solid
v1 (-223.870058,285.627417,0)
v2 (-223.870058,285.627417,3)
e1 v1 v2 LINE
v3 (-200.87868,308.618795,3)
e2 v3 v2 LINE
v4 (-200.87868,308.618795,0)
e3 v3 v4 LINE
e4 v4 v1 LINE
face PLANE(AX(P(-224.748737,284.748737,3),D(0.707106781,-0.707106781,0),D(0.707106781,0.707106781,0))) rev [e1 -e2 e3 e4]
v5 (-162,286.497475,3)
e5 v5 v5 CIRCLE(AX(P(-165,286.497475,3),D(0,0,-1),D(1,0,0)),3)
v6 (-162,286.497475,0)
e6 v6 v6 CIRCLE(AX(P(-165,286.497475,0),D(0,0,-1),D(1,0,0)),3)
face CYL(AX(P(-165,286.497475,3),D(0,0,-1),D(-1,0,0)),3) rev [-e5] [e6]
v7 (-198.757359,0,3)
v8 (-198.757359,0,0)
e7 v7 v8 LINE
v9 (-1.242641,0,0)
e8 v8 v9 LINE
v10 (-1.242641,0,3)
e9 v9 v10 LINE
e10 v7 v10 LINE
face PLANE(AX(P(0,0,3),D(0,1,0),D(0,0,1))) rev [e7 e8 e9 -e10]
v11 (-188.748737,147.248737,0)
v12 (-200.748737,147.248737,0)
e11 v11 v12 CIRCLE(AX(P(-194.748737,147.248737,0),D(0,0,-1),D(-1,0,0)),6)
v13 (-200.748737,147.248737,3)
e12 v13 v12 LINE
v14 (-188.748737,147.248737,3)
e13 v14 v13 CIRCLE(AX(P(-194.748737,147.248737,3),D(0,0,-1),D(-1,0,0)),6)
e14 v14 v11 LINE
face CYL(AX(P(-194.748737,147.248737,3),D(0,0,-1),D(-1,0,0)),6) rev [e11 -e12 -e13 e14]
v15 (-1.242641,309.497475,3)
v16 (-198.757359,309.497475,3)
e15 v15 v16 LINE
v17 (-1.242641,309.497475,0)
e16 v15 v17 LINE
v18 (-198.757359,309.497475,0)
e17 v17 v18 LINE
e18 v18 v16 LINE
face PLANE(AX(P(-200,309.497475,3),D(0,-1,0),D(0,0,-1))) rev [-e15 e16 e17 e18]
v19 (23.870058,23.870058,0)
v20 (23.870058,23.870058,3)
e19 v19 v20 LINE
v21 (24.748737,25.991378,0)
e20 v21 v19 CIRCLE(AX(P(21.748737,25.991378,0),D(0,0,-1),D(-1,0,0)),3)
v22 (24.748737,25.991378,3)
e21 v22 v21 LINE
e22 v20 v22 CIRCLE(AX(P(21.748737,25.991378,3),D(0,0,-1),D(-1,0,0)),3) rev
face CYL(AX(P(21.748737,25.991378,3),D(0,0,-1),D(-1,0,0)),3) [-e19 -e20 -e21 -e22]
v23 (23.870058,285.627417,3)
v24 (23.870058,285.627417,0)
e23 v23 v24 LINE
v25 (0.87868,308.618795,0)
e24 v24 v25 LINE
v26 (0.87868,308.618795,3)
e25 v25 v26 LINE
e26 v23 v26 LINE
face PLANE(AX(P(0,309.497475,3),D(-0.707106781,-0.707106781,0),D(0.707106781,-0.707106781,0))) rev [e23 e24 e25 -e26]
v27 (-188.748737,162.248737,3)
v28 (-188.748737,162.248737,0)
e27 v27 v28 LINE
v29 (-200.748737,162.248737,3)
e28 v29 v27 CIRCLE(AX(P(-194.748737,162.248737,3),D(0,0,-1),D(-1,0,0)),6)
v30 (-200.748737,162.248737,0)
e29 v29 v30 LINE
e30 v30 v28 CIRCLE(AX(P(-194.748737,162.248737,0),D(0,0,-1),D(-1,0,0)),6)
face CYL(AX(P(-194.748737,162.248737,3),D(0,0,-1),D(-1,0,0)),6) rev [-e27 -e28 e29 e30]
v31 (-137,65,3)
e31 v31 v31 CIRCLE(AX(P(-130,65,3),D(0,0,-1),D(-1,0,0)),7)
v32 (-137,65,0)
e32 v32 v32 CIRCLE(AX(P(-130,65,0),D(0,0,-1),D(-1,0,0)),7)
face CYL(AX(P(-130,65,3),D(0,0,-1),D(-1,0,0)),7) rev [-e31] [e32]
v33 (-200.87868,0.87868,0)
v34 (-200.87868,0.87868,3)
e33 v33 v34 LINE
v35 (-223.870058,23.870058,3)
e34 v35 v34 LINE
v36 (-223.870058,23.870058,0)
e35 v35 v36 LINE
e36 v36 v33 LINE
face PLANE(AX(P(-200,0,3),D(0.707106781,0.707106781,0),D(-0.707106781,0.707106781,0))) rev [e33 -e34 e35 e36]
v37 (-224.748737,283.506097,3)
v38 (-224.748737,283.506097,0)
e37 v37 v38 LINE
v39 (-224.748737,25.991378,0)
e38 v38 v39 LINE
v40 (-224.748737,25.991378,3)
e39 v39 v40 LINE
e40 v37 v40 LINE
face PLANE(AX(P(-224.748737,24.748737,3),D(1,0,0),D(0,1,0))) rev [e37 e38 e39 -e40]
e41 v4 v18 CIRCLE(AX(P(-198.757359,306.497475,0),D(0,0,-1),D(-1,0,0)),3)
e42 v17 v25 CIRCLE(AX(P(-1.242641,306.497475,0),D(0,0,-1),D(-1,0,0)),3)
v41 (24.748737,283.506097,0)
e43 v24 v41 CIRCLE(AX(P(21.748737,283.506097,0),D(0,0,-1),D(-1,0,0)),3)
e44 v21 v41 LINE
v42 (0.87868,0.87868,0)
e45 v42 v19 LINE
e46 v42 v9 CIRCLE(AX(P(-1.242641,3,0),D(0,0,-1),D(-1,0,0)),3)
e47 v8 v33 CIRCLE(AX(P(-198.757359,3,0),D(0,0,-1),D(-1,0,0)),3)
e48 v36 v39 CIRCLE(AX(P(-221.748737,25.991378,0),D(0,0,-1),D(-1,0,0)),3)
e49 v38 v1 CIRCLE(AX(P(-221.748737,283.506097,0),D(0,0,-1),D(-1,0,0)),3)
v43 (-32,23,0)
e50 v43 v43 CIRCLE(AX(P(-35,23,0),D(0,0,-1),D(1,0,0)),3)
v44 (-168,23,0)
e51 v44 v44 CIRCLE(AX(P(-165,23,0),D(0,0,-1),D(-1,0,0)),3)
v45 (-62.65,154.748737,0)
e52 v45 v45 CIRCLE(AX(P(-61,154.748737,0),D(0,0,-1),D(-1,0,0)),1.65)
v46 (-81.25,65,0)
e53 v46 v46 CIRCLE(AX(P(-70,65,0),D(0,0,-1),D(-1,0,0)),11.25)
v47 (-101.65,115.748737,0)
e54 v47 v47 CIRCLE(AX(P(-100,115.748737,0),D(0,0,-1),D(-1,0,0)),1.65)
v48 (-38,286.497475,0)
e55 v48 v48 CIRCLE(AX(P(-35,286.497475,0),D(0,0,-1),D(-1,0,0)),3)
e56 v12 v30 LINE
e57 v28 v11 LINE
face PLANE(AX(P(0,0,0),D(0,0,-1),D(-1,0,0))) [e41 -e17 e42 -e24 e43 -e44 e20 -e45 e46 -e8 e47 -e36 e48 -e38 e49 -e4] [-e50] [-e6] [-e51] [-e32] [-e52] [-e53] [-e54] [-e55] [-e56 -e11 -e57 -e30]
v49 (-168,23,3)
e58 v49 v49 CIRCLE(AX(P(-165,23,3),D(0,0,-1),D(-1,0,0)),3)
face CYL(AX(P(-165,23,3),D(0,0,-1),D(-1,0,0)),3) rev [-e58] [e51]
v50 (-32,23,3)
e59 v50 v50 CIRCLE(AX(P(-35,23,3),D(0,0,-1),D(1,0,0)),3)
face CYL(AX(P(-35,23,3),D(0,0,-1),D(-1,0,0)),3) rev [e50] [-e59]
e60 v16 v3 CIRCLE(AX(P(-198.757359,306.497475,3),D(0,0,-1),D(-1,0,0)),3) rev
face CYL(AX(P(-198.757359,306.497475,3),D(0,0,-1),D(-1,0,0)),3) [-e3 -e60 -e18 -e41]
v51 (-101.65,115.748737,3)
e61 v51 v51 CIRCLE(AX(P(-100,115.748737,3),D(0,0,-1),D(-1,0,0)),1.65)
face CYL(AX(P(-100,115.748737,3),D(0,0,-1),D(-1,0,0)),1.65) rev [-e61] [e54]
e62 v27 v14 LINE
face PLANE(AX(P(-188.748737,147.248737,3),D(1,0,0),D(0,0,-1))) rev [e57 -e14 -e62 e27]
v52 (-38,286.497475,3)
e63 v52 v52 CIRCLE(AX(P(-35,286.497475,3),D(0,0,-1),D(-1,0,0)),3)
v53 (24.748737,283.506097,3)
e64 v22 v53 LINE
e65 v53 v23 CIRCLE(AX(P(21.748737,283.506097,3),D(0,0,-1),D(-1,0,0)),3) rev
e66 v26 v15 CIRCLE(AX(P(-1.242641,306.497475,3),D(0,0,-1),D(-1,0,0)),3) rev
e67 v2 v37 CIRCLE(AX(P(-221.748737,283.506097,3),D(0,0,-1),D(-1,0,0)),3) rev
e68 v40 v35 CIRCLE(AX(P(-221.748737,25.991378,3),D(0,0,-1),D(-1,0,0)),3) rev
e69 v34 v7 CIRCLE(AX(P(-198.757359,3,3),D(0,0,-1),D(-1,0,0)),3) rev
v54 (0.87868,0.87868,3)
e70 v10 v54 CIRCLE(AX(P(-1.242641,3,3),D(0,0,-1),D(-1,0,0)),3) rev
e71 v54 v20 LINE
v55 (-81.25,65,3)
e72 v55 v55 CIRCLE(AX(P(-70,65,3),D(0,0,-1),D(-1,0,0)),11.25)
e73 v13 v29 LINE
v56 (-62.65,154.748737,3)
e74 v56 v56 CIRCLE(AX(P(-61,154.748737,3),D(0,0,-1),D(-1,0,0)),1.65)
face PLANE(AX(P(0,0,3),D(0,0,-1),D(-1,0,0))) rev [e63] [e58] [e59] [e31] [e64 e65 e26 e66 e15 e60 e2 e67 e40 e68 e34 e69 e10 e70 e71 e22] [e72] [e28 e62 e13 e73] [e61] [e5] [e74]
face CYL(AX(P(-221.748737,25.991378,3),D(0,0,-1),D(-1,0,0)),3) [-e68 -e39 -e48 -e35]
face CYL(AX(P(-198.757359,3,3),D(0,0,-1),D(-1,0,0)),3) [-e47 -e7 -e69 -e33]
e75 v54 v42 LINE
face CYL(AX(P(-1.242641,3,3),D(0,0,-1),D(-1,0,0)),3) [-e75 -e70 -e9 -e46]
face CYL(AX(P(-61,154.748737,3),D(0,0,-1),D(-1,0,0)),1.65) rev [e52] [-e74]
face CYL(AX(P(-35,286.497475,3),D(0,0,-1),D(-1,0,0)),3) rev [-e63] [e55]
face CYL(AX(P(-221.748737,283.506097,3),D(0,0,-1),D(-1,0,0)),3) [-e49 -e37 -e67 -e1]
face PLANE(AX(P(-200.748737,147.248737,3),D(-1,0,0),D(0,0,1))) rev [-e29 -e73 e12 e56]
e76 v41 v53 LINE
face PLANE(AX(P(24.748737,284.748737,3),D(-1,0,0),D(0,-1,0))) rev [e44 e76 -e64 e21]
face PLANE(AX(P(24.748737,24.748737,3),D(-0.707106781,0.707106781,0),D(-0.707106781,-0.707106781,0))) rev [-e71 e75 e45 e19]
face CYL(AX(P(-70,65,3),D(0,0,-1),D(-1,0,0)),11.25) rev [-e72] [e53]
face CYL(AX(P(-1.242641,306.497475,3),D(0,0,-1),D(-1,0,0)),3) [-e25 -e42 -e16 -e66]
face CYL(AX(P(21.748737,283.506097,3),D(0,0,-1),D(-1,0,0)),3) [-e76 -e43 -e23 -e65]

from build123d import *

# Parameters (mm, degrees)
BASE_DEPTH                     = 3
CONG_1_R                       = 3
ESQUISSE20_R                   = 3
PER_AGE_PROFIL_S_DEPTH         = 4
ESQUISSE21_R                   = 1.65
PER_AGE_LIDAR_DEPTH            = 4
ESQUISSE22_R                   = 11.25
PER_AGE_ARRET_D_URGENCE_DEPTH  = 4
ESQUISSE23_R                   = 7
PER_AGE_TIRETTE_DEPTH          = 4
PER_AGE_CABLE_MANAGEMENT_DEPTH = 4


with BuildPart() as part:
    # Esquisse1 → Base (new body)
    with BuildSketch(Plane.XY):
        Polygon((0, 0), (-200, 0), (-224.748737342, 24.748737342), (-224.748737342, 284.748737342), (-200, 309.497474683), (0, 309.497474683), (24.748737342, 284.748737342), (24.748737342, 24.748737342), align=None)
    extrude(amount=BASE_DEPTH)

    # Congé1
    cong_1_edges = [part.edges().sort_by_distance(p)[0] for p in [
        (0, 0, 1.5),
        (-200, 0, 1.5),
        (-224.748737342, 24.748737342, 1.5),
        (-224.748737342, 284.748737342, 1.5),
        (-200, 309.497474683, 1.5),
        (0, 309.497474683, 1.5),
        (24.748737342, 284.748737342, 1.5),
        (24.748737342, 24.748737342, 1.5),
    ]]
    fillet(cong_1_edges, radius=CONG_1_R)

    # Esquisse20 → Perçage Profilés (cut, through all)
    with BuildSketch(Plane(origin=(0, 0, 0), x_dir=(-1, 0, 0), z_dir=(0, 0, -1))):
        with Locations((35, 286.497474683)):
            Circle(ESQUISSE20_R)
        with Locations((165, 286.497474683)):
            Circle(ESQUISSE20_R)
        with Locations((165, 23)):
            Circle(ESQUISSE20_R)
        with Locations((35, 23)):
            Circle(ESQUISSE20_R)
    extrude(amount=-PER_AGE_PROFIL_S_DEPTH, mode=Mode.SUBTRACT)

    # Esquisse21 → Perçage Lidar (cut, through all)
    with BuildSketch(Plane(origin=(0, 0, 0), x_dir=(-1, 0, 0), z_dir=(0, 0, -1))):
        with Locations((61, 154.748737342)):
            Circle(ESQUISSE21_R)
        with Locations((100, 115.748737342)):
            Circle(ESQUISSE21_R)
    extrude(amount=-PER_AGE_LIDAR_DEPTH, mode=Mode.SUBTRACT)

    # Esquisse22 → Perçage Arret d'urgence (cut, through all)
    with BuildSketch(Plane(origin=(0, 0, 0), x_dir=(-1, 0, 0), z_dir=(0, 0, -1))):
        with Locations((70, 65)):
            Circle(ESQUISSE22_R)
    extrude(amount=-PER_AGE_ARRET_D_URGENCE_DEPTH, mode=Mode.SUBTRACT)

    # Esquisse23 → Perçage Tirette (cut, through all)
    with BuildSketch(Plane(origin=(0, 0, 0), x_dir=(-1, 0, 0), z_dir=(0, 0, -1))):
        with Locations((130, 65)):
            Circle(ESQUISSE23_R)
    extrude(amount=-PER_AGE_TIRETTE_DEPTH, mode=Mode.SUBTRACT)

    # Esquisse24 → Perçage Cable management (cut, through all)
    with BuildSketch(Plane(origin=(0, 0, 0), x_dir=(-1, 0, 0), z_dir=(0, 0, -1))):
        with BuildLine():
            Line((188.748737342, 147.248737342), (188.748737342, 162.248737342))
            ThreePointArc((188.748737342, 162.248737342), (194.748737342, 168.248737342), (200.748737342, 162.248737342))
            Line((200.748737342, 162.248737342), (200.748737342, 147.248737342))
            ThreePointArc((200.748737342, 147.248737342), (194.748737342, 141.248737342), (188.748737342, 147.248737342))
        make_face()
    extrude(amount=-PER_AGE_CABLE_MANAGEMENT_DEPTH, mode=Mode.SUBTRACT)


solid = part.part
